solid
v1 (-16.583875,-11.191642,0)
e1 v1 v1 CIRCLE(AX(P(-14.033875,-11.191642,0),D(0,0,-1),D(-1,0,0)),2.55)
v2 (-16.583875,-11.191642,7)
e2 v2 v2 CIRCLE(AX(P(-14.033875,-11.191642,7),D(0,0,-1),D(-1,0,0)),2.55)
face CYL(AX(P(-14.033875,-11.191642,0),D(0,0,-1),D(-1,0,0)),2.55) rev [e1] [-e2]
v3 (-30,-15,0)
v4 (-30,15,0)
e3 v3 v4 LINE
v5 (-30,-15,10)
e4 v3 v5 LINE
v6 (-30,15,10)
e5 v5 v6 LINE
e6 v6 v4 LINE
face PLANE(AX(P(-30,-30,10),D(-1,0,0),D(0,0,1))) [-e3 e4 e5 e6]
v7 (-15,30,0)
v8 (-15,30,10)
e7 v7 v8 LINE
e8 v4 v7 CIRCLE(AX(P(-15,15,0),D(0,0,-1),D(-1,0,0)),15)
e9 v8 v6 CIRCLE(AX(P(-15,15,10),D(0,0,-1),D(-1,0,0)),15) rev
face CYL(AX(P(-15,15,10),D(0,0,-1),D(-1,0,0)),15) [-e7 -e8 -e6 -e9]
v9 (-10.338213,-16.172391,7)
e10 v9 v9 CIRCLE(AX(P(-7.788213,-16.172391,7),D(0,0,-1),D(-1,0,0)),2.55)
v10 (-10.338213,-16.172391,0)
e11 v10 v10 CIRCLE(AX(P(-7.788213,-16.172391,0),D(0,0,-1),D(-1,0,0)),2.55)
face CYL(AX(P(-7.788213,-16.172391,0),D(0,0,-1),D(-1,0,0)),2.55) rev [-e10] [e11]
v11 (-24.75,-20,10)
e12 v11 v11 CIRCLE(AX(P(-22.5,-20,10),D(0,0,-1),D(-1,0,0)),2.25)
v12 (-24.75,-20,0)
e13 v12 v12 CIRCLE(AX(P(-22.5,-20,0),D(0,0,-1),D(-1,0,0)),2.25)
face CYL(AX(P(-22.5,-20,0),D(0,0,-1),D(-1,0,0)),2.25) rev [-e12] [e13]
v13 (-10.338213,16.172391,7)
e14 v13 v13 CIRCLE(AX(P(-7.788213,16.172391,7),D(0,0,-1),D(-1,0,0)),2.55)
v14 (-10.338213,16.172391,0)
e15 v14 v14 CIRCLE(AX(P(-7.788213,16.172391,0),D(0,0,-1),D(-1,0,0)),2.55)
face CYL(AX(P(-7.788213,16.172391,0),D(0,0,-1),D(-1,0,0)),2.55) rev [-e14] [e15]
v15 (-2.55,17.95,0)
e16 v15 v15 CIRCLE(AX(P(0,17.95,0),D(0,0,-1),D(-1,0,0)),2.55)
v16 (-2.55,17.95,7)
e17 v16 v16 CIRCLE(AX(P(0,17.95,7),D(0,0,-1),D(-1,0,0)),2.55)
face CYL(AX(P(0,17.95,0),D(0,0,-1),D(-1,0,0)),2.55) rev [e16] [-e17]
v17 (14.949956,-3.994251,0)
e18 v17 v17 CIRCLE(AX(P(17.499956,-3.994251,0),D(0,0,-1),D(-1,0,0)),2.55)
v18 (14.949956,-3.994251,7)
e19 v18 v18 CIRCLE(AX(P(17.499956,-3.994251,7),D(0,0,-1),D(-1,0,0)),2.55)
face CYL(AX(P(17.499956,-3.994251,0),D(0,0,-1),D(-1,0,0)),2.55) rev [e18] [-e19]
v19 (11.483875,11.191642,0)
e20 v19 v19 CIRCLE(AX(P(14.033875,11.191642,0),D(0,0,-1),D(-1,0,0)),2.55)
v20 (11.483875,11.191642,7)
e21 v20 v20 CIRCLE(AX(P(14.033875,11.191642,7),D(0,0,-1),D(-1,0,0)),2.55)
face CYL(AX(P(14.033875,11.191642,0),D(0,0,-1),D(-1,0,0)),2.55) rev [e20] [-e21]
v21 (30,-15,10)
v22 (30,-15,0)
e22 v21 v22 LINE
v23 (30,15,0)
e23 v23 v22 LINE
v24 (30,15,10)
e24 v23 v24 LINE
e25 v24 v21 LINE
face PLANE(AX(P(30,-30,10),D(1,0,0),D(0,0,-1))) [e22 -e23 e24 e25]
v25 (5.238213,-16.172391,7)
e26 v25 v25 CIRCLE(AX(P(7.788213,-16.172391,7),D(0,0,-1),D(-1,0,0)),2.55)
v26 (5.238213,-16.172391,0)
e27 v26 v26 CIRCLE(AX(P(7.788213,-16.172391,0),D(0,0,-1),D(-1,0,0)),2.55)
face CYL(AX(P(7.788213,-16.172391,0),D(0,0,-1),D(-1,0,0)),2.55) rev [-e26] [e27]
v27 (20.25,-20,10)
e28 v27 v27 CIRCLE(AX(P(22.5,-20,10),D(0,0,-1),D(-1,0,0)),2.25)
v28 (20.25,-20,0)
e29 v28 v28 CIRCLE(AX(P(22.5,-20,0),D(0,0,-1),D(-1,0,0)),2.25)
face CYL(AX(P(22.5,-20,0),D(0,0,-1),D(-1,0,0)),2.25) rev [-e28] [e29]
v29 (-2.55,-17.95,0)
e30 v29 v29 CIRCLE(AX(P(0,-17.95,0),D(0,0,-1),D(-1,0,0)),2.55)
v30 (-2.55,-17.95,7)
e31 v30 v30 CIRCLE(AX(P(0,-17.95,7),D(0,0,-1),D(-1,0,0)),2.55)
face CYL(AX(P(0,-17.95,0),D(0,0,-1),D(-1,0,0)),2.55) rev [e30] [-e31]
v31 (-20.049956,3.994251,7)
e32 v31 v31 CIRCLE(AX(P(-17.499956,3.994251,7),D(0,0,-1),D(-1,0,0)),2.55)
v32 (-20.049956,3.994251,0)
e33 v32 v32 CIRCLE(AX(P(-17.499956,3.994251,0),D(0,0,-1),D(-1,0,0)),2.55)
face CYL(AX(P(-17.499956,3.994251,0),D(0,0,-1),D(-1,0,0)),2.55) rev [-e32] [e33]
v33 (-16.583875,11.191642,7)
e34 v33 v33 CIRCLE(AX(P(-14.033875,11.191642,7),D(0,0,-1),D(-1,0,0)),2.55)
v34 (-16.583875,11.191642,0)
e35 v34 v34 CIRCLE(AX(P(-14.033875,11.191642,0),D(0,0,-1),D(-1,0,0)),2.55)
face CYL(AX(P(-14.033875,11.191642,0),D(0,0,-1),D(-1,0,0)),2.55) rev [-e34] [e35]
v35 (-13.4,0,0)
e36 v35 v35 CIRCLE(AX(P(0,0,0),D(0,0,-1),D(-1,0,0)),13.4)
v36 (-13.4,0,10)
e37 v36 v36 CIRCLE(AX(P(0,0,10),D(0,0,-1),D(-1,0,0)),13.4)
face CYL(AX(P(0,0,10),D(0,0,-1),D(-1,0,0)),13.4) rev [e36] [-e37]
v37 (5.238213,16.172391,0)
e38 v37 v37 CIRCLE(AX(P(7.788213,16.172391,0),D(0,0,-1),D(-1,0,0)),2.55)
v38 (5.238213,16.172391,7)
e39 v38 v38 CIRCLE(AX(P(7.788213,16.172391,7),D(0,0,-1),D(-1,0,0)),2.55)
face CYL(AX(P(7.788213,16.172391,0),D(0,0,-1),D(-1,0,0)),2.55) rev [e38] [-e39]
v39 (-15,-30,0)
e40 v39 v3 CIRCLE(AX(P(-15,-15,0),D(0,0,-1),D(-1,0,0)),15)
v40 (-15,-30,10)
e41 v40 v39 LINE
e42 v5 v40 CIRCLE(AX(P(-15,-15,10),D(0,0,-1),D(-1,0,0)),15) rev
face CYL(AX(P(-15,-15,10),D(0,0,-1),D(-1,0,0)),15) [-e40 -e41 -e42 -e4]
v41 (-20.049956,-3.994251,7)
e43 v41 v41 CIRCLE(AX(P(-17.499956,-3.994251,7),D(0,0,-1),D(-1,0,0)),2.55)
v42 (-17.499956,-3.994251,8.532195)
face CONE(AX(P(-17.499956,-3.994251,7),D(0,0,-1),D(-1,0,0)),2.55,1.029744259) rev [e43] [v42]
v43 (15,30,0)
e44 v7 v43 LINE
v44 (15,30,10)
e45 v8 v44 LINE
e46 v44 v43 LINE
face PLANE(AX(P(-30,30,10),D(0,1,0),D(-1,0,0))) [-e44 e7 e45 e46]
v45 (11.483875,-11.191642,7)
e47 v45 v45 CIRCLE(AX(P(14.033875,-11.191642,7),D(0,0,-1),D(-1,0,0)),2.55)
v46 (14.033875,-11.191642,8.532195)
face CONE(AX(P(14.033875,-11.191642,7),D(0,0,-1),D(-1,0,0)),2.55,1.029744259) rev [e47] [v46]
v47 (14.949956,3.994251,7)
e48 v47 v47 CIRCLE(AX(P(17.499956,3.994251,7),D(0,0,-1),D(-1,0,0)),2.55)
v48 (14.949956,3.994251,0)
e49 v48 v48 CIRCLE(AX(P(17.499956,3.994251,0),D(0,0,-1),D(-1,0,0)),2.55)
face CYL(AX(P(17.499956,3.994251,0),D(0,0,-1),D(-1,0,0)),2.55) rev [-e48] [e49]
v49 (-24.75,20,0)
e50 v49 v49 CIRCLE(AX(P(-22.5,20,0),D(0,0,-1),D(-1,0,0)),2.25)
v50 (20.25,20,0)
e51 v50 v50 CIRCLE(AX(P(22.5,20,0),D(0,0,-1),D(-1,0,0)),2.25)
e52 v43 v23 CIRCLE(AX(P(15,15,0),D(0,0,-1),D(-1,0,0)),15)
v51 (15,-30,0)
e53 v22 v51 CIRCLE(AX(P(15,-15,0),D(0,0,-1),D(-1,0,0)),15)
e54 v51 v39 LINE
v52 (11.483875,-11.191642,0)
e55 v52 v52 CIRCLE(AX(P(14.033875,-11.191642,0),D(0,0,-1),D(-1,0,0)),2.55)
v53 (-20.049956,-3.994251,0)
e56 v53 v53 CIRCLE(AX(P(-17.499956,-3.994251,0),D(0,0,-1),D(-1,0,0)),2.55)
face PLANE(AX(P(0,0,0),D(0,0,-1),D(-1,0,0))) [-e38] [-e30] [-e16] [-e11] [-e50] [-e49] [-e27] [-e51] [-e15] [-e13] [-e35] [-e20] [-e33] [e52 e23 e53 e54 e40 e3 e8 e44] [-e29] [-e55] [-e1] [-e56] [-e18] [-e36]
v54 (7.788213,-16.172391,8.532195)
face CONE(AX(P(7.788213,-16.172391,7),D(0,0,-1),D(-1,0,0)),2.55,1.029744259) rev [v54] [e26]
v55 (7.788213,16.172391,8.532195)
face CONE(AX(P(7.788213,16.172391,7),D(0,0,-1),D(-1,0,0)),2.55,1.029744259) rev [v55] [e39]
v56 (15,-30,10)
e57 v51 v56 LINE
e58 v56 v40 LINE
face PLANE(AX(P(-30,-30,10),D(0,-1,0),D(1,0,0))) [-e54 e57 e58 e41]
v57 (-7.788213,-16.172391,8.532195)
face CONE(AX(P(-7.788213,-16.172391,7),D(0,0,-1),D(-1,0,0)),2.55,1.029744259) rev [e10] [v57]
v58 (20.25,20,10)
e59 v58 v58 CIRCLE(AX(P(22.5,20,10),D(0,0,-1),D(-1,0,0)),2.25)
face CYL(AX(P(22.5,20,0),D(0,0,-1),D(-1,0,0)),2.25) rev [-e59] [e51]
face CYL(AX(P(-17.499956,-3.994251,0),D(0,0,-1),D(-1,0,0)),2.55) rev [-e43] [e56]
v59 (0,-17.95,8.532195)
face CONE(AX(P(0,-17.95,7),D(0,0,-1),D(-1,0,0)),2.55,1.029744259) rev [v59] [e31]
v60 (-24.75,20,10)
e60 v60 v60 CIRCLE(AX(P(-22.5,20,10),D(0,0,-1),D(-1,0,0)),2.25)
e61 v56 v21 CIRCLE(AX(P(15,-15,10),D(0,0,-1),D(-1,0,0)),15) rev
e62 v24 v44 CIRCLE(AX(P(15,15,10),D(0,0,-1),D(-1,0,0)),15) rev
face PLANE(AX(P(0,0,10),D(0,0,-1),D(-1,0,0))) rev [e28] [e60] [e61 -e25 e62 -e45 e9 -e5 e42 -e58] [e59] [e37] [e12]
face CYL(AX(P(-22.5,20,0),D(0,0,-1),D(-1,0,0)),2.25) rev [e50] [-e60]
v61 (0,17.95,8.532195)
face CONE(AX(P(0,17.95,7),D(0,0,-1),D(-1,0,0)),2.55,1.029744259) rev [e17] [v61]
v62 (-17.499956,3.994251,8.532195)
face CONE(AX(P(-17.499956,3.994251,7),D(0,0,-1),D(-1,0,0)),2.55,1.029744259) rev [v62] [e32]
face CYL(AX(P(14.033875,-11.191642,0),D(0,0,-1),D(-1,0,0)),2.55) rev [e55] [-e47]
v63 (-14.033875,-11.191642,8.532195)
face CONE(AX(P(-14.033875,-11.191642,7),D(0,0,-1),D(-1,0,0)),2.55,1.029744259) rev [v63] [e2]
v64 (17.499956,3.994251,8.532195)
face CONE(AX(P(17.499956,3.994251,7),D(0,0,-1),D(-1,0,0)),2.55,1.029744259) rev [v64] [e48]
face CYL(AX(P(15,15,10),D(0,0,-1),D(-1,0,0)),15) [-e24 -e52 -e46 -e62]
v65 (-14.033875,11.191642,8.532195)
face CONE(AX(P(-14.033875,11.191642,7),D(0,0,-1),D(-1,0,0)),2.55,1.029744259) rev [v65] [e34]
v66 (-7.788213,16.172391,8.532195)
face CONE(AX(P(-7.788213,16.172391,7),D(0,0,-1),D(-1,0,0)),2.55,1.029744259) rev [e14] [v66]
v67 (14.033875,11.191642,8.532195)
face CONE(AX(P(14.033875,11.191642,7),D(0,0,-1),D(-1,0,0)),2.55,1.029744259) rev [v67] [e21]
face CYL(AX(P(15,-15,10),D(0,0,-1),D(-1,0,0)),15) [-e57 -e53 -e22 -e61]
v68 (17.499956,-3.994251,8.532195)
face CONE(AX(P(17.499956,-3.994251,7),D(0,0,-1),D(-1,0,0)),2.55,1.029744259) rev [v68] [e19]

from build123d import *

# Parameters (mm, degrees)
ESQUISSE1_W                         = 60
ESQUISSE1_H                         = 60
BOSS_EXTRU_1_DEPTH                  = 10
DIAM_TRE_DU_PER_AGE_4_5_4_5_1_D     = 4.5
DIAM_TRE_DU_PER_AGE_5_1_5_1_1_D     = 5.1
DIAM_TRE_DU_PER_AGE_5_1_5_1_1_DEPTH = 7
DIAM_TRE_DU_PER_AGE_5_1_5_1_1_TIP   = 1.532194579
ESQUISSE9_R                         = 13.4
ENL_V_MAT_EXTRU_2_DEPTH             = 44.588989435
CONG_3_R                            = 15


with BuildPart() as part:
    # Esquisse1 → Boss.-Extru.1 (new body)
    with BuildSketch(Plane(origin=(0, 0, 0), x_dir=(-1, 0, 0), z_dir=(0, 0, -1))):
        Rectangle(ESQUISSE1_W, ESQUISSE1_H)
    extrude(amount=-BOSS_EXTRU_1_DEPTH)

    # Diamètre du perçage Ø4.5 (4.5)1 (through all)
    with Locations(Plane(origin=(0, 0, 0), x_dir=(-1, 0, 0), z_dir=(0, 0, -1))):
        with Locations((22.5, 20), (-22.5, 20), (-22.5, -20), (22.5, -20)):
            Hole(DIAM_TRE_DU_PER_AGE_4_5_4_5_1_D / 2)

    # Diamètre du perçage Ø5.1 (5.1)1
    with Locations(Plane(origin=(0, 0, 0), x_dir=(-1, 0, 0), z_dir=(0, 0, -1))):
        with Locations((-14.03387511, 11.191641943), (-7.788213117, 16.172391179), (0, 17.95), (7.788213117, 16.172391179), (14.03387511, 11.191641943), (17.499956024, 3.994250765), (17.499956024, -3.994250765), (14.03387511, -11.191641943), (7.788213117, -16.172391179), (0, -17.95), (-7.788213117, -16.172391179), (-14.03387511, -11.191641943), (-17.499956024, -3.994250765), (-17.499956024, 3.994250765)):
            Hole(DIAM_TRE_DU_PER_AGE_5_1_5_1_1_D / 2, depth=DIAM_TRE_DU_PER_AGE_5_1_5_1_1_DEPTH)
            with Locations((0, 0, -(DIAM_TRE_DU_PER_AGE_5_1_5_1_1_DEPTH + DIAM_TRE_DU_PER_AGE_5_1_5_1_1_TIP / 2))):  # 118° drill point
                Cone(0, DIAM_TRE_DU_PER_AGE_5_1_5_1_1_D / 2, DIAM_TRE_DU_PER_AGE_5_1_5_1_1_TIP, mode=Mode.SUBTRACT)

    # Esquisse9 → Enlèv. mat.-Extru.2 (cut, through all)
    with BuildSketch(Plane(origin=(0, 0, 0), x_dir=(-1, 0, 0), z_dir=(0, 0, -1))):
        Circle(ESQUISSE9_R)
    extrude(amount=-ENL_V_MAT_EXTRU_2_DEPTH, mode=Mode.SUBTRACT)

    # Congé3
    cong_3_edges = [part.edges().sort_by_distance(p)[0] for p in [
        (30, 30, 5),
        (-30, 30, 5),
        (-30, -30, 5),
        (30, -30, 5),
    ]]
    fillet(cong_3_edges, radius=CONG_3_R)


solid = part.part
